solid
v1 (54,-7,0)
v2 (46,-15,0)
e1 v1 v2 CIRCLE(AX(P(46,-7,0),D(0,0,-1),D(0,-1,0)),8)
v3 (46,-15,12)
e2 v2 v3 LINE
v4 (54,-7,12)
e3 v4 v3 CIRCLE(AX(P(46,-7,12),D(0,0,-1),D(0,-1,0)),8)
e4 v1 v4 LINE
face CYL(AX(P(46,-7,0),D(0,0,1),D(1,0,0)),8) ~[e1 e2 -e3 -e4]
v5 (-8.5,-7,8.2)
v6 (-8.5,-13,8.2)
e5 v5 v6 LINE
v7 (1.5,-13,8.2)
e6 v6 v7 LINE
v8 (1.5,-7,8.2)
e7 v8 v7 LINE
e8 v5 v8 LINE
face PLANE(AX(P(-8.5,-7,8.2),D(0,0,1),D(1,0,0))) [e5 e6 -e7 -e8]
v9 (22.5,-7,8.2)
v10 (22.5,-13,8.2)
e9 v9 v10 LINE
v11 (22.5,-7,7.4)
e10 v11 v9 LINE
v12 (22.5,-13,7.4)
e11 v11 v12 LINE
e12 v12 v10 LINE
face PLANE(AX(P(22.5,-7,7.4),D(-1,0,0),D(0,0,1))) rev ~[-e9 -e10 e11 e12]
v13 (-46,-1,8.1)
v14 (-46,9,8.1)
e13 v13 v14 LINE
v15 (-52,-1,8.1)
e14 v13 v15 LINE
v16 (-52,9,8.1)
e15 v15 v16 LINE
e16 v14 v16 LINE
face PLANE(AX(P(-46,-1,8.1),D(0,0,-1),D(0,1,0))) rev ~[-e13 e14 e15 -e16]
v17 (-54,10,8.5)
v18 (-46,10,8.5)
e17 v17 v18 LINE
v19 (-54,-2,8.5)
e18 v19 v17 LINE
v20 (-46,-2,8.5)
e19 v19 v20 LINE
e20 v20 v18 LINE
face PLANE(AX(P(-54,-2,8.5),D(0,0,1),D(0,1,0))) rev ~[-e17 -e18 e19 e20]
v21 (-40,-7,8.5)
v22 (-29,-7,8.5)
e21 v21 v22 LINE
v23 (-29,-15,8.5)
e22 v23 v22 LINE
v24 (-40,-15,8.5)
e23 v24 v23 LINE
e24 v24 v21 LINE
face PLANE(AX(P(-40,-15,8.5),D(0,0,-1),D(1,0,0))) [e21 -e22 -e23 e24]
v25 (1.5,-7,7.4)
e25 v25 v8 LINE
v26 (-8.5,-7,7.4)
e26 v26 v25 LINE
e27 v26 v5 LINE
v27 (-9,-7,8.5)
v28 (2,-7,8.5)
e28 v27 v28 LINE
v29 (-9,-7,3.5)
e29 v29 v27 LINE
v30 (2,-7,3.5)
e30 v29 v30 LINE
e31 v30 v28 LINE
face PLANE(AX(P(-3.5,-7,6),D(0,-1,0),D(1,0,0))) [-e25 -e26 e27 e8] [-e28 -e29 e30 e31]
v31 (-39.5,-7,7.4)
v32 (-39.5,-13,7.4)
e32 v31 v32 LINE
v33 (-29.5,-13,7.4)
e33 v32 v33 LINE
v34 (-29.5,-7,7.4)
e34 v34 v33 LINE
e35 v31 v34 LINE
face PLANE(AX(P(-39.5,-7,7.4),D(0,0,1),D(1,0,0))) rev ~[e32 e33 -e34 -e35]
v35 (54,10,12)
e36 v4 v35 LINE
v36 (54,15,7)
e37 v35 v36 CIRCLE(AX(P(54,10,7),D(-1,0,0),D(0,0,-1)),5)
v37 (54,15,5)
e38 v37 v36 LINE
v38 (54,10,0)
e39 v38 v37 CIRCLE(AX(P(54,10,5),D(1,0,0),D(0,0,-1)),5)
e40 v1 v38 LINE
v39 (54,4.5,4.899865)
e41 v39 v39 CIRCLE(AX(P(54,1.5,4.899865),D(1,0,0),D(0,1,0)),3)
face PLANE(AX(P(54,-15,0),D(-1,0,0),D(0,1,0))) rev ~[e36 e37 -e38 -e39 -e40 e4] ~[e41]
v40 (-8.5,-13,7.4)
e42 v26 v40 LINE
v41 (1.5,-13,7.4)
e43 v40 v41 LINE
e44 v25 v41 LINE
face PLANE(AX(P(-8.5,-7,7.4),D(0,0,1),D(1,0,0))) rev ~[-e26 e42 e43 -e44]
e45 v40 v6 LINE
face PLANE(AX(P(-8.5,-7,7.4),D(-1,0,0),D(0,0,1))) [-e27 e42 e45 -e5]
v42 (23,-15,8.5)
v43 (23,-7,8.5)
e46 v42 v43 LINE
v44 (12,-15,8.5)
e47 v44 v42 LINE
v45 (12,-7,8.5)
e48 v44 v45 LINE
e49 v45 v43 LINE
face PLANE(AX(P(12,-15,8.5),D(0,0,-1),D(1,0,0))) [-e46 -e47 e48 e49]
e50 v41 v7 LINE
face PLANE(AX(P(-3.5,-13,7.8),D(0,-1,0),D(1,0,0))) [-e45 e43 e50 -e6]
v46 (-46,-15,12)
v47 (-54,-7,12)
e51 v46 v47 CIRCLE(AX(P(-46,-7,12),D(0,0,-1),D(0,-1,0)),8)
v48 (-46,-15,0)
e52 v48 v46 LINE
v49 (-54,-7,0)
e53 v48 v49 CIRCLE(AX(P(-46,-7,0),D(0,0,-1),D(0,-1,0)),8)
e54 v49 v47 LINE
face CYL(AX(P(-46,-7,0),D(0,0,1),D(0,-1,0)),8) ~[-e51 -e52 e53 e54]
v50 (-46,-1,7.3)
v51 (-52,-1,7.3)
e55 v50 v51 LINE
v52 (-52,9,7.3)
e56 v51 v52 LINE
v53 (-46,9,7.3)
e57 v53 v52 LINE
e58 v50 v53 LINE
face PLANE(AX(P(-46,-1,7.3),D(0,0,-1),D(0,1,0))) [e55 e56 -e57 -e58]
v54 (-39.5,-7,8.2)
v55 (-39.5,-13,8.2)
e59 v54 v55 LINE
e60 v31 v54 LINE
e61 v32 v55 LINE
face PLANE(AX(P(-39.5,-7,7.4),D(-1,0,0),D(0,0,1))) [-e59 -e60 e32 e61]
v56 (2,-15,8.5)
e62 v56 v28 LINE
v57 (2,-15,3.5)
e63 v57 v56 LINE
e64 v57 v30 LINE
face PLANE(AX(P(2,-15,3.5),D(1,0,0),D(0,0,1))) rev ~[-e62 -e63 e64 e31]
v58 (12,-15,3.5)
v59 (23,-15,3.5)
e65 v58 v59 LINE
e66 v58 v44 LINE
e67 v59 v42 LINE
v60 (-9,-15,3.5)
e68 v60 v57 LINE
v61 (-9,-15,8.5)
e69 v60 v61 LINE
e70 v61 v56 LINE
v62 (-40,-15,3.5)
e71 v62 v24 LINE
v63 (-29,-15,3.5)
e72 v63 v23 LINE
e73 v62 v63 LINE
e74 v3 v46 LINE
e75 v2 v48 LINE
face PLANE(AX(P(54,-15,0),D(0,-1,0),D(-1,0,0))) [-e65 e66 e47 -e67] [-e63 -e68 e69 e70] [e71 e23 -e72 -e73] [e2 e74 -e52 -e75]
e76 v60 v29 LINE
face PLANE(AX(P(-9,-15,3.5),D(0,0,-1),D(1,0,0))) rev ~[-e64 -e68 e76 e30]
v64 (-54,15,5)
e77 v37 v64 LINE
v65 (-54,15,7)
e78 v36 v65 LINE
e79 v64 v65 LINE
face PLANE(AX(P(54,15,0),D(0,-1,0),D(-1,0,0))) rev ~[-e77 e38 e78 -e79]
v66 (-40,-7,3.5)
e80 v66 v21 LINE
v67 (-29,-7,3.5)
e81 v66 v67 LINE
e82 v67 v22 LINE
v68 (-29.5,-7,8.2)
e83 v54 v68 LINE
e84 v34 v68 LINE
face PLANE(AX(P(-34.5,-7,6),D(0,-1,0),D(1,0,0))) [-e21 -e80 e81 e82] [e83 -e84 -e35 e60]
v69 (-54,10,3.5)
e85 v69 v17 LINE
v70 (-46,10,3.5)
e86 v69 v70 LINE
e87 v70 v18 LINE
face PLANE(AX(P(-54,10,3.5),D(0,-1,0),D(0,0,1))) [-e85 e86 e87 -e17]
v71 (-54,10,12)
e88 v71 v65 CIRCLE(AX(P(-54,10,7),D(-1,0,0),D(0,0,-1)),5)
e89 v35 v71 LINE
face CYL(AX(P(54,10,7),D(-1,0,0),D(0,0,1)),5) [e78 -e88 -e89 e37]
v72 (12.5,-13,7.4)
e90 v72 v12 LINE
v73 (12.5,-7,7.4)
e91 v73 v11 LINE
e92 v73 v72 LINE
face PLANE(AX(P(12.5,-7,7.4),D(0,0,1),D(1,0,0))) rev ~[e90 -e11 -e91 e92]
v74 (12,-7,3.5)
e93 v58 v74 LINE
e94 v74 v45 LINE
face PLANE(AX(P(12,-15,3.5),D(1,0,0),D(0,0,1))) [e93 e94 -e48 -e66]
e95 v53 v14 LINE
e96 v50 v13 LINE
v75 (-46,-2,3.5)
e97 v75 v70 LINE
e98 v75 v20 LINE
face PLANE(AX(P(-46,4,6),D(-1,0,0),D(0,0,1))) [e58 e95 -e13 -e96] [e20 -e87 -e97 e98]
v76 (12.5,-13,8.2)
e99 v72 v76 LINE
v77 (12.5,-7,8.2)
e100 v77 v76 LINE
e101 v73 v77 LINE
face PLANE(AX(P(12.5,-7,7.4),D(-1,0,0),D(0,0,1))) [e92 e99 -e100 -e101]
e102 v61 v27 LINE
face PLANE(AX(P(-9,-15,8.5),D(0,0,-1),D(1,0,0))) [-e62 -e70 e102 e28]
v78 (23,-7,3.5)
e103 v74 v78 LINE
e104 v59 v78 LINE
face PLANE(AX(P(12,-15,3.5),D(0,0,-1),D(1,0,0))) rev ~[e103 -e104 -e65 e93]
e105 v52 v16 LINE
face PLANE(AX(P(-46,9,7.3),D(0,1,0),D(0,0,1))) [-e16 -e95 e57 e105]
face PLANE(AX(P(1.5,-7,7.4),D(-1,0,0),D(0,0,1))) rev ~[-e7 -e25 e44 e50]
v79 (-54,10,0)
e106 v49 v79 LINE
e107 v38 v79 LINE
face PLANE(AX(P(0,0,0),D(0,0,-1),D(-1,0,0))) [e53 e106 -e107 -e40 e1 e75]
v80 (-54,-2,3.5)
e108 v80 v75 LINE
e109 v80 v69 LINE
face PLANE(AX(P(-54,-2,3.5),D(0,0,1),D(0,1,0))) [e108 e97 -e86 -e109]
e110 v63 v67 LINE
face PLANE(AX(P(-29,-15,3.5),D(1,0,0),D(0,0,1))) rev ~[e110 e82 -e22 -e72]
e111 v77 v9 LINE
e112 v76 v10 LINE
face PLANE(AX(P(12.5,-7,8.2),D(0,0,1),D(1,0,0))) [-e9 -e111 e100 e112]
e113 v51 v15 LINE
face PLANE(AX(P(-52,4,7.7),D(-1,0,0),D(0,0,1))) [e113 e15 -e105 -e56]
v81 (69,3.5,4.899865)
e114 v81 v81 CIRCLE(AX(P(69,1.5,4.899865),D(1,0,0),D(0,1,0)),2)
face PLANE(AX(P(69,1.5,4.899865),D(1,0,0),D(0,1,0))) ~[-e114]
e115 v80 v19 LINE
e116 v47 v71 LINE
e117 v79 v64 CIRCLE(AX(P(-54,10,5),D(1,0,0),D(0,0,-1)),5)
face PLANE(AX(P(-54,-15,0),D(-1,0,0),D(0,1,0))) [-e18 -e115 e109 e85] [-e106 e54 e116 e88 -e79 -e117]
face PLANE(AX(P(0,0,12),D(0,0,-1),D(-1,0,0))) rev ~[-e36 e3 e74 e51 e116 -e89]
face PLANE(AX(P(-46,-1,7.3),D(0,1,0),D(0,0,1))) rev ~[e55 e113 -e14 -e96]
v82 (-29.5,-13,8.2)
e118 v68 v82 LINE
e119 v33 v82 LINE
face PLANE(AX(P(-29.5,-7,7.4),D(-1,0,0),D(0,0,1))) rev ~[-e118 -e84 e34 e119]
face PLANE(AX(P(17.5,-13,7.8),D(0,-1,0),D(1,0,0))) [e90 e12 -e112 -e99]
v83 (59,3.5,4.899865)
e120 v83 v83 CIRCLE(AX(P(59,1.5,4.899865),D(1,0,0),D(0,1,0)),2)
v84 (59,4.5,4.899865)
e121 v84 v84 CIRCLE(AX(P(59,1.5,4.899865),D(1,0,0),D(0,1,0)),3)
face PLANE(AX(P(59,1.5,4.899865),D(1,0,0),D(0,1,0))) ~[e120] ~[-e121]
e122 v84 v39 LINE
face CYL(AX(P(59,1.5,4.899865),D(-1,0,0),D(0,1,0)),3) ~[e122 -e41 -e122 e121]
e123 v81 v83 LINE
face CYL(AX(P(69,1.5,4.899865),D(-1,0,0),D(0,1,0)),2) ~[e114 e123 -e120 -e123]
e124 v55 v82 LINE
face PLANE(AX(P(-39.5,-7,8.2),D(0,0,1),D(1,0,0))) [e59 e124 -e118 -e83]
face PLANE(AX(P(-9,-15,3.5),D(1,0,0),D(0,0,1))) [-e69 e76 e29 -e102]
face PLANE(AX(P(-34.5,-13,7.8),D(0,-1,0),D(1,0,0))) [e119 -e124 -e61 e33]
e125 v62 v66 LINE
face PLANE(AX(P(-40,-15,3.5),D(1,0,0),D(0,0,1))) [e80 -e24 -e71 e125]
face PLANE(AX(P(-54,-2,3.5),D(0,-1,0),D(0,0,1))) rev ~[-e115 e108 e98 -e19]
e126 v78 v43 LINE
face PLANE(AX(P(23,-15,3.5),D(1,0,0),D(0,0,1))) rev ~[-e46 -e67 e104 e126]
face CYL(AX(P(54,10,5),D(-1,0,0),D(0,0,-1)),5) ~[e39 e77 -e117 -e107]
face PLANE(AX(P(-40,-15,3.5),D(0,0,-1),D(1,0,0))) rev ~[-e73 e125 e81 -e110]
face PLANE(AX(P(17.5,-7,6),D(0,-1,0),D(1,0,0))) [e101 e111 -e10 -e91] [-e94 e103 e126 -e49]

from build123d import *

# Parameters (mm, degrees)
SKETCH_1_W          = 108
SKETCH_1_H          = 30
EXTRUDE_1_DEPTH     = 12
SKETCH_2_W          = 5
SKETCH_2_H          = 12
CUT_EXTRUDE_1_DEPTH = 8
SKETCH_3_W          = 0.8
SKETCH_3_H          = 10
EXTRUDE_2_DEPTH     = 6
SKETCH_4_W          = 11
SKETCH_4_H          = 5
CUT_EXTRUDE_2_DEPTH = 8
SKETCH_5_W          = 10
SKETCH_5_H          = 0.8
EXTRUDE_3_DEPTH     = 6
SKETCH_6_W          = 11
SKETCH_6_H          = 5
CUT_EXTRUDE_3_DEPTH = 8
SKETCH_7_W          = 10
SKETCH_7_H          = 0.8
EXTRUDE_4_DEPTH     = 6
SKETCH_8_W          = 11
SKETCH_8_H          = 5
CUT_EXTRUDE_4_DEPTH = 8
SKETCH_9_W          = 10
SKETCH_9_H          = 0.8
EXTRUDE_5_DEPTH     = 6
FILLET_1_R          = 5
FILLET_2_R          = 8


with BuildPart() as part:
    # 草图1 → 凸台-拉伸1 (new body)
    with BuildSketch(Plane(origin=(0, 0, 0), x_dir=(-1, 0, 0), z_dir=(0, 0, -1))):
        Rectangle(SKETCH_1_W, SKETCH_1_H)
    extrude(amount=-EXTRUDE_1_DEPTH)

    # 草图2 → 切除-拉伸1 (cut)
    with BuildSketch(Plane.ZY.offset(54)):
        with Locations((6, 4)):
            Rectangle(SKETCH_2_W, SKETCH_2_H)
    extrude(amount=-CUT_EXTRUDE_1_DEPTH, mode=Mode.SUBTRACT)

    # 草图3 → 凸台-拉伸2 (add)
    with BuildSketch(Plane.ZY.offset(46)):
        with Locations((7.7, 4)):
            Rectangle(SKETCH_3_W, SKETCH_3_H)
    extrude(amount=EXTRUDE_2_DEPTH)

    # 草图4 → 切除-拉伸2 (cut)
    with BuildSketch(Plane.XZ.offset(15)):
        with Locations((-34.5, 6)):
            Rectangle(SKETCH_4_W, SKETCH_4_H)
    extrude(amount=-CUT_EXTRUDE_2_DEPTH, mode=Mode.SUBTRACT)

    # 草图5 → 凸台-拉伸3 (add)
    with BuildSketch(Plane.XZ.offset(7)):
        with Locations((-34.5, 7.8)):
            Rectangle(SKETCH_5_W, SKETCH_5_H)
    extrude(amount=EXTRUDE_3_DEPTH)

    # 草图6 → 切除-拉伸3 (cut)
    with BuildSketch(Plane.XZ.offset(15)):
        with Locations((-3.5, 6)):
            Rectangle(SKETCH_6_W, SKETCH_6_H)
    extrude(amount=-CUT_EXTRUDE_3_DEPTH, mode=Mode.SUBTRACT)

    # 草图7 → 凸台-拉伸4 (add)
    with BuildSketch(Plane.XZ.offset(7)):
        with Locations((-3.5, 7.8)):
            Rectangle(SKETCH_7_W, SKETCH_7_H)
    extrude(amount=EXTRUDE_4_DEPTH)

    # 草图8 → 切除-拉伸4 (cut)
    with BuildSketch(Plane.XZ.offset(15)):
        with Locations((17.5, 6)):
            Rectangle(SKETCH_8_W, SKETCH_8_H)
    extrude(amount=-CUT_EXTRUDE_4_DEPTH, mode=Mode.SUBTRACT)

    # 草图9 → 凸台-拉伸5 (add)
    with BuildSketch(Plane.XZ.offset(7)):
        with Locations((17.5, 7.8)):
            Rectangle(SKETCH_9_W, SKETCH_9_H)
    extrude(amount=EXTRUDE_5_DEPTH)

    # 草图10 → 旋转1 (revolve)
    with BuildSketch(Plane.XY.offset(4.899865492)):
        Polygon((54, 4.5), (54, 1.5), (69, 1.5), (69, 3.5), (59, 3.5), (59, 4.5), align=None)
    revolve(axis=Axis((54, 1.5, 4.899865492), (1, 0, 0)))

    # 圆角1
    fillet_1_edges = [part.edges().sort_by_distance(p)[0] for p in [
        (0, 15, 12),
        (0, 15, 0),
    ]]
    fillet(fillet_1_edges, radius=FILLET_1_R)

    # 圆角2
    fillet_2_edges = [part.edges().sort_by_distance(p)[0] for p in [
        (-54, -15, 6),
        (54, -15, 6),
    ]]
    fillet(fillet_2_edges, radius=FILLET_2_R)


solid = part.part
